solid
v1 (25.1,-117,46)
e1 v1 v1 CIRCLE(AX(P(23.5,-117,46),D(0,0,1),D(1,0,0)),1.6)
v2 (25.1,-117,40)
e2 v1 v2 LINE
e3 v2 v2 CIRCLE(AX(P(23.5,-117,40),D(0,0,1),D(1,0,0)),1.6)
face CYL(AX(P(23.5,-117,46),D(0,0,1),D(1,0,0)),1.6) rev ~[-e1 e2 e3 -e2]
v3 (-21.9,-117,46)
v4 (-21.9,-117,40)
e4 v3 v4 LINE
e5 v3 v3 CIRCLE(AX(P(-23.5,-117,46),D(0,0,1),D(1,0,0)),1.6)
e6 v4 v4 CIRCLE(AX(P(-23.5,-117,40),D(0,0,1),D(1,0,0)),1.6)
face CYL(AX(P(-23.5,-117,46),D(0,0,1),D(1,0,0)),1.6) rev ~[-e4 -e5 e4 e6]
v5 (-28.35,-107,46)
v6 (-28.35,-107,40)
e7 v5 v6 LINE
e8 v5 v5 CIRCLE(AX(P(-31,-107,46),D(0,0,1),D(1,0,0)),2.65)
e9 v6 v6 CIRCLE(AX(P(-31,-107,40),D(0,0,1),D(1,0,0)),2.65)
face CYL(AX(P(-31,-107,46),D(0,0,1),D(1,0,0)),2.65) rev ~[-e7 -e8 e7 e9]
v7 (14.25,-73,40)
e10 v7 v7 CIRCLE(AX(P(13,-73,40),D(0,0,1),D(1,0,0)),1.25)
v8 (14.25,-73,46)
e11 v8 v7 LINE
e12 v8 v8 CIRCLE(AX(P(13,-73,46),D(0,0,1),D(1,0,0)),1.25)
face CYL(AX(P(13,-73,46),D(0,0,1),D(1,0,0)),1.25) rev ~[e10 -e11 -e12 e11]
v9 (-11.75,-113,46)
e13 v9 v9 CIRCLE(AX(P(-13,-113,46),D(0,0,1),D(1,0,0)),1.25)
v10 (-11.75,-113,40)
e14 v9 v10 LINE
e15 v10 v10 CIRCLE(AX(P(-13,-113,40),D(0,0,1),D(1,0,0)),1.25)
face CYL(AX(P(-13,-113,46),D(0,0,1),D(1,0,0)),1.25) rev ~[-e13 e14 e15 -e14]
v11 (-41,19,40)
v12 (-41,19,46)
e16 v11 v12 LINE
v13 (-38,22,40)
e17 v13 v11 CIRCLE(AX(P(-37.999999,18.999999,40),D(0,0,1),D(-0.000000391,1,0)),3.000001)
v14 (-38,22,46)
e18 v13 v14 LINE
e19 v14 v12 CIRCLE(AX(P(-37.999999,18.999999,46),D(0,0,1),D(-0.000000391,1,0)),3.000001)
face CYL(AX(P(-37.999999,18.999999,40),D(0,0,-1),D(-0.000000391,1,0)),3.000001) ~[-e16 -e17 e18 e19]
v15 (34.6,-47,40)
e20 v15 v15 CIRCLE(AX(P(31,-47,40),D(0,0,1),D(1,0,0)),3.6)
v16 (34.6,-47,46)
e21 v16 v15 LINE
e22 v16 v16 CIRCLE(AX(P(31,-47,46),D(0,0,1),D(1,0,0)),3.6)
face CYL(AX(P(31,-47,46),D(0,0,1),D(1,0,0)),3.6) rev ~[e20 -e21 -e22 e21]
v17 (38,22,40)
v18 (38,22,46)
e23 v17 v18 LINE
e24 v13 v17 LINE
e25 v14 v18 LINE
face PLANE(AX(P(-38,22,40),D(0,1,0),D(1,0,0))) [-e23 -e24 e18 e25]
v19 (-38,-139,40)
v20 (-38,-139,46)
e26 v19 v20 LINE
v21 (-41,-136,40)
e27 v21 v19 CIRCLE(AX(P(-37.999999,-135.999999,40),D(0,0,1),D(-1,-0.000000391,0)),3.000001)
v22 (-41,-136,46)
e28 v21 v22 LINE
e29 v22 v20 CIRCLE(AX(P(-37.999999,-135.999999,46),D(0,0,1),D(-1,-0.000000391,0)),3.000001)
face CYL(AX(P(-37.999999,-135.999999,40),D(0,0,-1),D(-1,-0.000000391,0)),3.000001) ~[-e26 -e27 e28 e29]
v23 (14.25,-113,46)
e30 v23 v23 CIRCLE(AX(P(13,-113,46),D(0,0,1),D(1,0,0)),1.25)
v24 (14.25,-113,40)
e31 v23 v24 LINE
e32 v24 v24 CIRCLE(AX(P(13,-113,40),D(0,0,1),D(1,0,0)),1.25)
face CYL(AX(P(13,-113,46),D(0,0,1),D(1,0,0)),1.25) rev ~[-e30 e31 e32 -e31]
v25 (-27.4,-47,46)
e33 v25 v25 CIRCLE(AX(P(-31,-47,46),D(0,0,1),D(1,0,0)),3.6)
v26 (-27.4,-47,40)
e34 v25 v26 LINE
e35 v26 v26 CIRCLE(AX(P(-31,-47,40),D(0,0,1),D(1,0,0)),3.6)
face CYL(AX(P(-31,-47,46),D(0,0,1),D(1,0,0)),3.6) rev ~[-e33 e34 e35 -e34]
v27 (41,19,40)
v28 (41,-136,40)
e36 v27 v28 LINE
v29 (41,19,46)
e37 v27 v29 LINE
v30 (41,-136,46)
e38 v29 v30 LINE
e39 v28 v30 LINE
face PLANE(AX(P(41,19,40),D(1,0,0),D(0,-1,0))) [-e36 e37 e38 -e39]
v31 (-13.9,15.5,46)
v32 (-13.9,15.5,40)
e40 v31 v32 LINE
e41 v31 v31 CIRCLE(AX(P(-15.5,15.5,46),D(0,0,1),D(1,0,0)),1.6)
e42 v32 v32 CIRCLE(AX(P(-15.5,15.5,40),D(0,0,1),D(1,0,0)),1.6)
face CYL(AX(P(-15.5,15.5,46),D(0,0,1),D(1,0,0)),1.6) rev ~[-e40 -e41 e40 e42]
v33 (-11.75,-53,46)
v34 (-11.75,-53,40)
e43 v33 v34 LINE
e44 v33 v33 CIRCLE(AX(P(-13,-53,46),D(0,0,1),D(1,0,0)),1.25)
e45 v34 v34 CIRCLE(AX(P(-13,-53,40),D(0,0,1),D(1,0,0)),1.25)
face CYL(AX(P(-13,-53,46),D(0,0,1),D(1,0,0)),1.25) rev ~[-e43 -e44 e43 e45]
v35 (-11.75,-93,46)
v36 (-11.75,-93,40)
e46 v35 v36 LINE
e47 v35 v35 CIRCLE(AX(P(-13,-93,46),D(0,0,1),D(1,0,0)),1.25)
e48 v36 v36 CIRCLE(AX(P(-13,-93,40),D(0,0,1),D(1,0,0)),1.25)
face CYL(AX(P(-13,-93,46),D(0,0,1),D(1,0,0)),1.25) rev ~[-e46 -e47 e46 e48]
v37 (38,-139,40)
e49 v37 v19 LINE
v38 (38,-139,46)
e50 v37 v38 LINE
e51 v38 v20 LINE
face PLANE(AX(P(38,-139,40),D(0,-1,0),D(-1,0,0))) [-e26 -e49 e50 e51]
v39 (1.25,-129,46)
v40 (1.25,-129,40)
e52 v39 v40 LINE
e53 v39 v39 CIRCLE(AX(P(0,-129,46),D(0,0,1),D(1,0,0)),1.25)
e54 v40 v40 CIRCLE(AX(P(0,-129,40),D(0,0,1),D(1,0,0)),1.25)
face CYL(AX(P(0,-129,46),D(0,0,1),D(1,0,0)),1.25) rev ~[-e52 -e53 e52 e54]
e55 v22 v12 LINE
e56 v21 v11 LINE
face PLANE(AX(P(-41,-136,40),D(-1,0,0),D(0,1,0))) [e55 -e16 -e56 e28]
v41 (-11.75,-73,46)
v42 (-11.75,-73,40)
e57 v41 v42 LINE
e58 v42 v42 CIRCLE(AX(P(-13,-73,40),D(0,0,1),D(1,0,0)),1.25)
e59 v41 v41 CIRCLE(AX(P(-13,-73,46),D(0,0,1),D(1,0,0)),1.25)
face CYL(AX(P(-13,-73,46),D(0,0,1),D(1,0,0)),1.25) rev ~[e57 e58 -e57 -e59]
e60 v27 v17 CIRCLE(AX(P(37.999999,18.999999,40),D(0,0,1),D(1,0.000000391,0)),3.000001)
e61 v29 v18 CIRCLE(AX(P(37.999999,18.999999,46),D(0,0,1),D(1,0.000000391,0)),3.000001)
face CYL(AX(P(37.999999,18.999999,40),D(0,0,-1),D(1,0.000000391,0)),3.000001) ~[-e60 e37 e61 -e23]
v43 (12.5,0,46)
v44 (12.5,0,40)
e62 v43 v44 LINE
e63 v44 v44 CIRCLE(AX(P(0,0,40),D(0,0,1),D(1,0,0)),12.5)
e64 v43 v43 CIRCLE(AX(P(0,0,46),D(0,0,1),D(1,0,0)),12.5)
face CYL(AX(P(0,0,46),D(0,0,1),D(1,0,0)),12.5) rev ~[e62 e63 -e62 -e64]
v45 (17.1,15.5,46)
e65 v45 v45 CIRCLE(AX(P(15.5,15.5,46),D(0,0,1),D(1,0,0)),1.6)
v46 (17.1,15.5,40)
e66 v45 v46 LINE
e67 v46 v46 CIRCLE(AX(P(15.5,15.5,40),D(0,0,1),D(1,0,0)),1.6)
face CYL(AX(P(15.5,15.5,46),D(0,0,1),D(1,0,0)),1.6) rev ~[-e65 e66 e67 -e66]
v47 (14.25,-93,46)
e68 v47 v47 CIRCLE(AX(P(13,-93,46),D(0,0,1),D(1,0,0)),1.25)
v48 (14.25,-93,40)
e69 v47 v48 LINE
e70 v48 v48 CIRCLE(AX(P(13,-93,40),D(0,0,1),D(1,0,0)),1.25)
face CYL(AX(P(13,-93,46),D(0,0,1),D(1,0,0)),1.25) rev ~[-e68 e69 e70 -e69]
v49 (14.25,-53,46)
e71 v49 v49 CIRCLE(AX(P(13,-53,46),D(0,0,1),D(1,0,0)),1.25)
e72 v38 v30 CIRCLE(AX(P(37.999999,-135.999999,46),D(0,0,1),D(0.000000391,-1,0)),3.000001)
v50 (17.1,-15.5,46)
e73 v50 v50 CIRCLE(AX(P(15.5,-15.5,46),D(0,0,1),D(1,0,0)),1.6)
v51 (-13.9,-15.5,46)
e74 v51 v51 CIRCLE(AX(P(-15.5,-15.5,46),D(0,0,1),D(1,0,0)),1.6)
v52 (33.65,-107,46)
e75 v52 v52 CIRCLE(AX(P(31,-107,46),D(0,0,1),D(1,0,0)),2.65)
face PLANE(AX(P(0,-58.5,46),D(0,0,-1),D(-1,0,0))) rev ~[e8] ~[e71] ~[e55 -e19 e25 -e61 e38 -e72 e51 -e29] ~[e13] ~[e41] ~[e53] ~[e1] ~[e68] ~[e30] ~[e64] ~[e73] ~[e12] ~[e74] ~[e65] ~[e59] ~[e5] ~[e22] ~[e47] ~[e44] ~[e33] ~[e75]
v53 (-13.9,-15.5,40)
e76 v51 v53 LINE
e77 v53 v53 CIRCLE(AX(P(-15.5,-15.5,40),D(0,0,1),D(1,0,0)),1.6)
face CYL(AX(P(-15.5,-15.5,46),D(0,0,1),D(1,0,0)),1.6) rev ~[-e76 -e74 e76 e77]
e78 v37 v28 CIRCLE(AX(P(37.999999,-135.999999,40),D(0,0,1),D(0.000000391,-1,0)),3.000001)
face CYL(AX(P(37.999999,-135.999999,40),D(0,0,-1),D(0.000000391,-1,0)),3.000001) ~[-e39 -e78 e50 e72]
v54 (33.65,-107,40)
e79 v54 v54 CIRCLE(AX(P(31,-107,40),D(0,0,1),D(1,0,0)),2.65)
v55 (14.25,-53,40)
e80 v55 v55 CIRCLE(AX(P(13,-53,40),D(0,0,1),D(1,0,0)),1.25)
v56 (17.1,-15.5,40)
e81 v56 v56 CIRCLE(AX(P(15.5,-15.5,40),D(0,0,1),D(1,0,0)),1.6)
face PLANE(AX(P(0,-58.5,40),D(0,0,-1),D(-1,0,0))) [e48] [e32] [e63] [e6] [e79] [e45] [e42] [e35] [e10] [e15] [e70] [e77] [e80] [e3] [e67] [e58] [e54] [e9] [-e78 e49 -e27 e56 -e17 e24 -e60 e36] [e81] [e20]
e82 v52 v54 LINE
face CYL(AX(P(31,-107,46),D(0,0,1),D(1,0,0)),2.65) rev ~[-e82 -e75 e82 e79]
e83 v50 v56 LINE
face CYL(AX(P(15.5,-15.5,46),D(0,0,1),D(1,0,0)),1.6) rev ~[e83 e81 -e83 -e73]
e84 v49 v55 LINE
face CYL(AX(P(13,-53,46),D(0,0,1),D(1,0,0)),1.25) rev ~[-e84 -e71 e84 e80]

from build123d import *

# Parameters (mm, degrees)
PAD009_DEPTH    = 6
SKETCH051_R     = 1.6
HOLE023_DEPTH   = 25
SKETCH052_R     = 12.5
POCKET005_DEPTH = 6.001
SKETCH057_R     = 1.25
HOLE024_DEPTH   = 25
SKETCH054_R     = 1.25
HOLE025_DEPTH   = 25
SKETCH058_R     = 3.6
HOLE026_DEPTH   = 25
SKETCH056_R     = 2.65
HOLE027_DEPTH   = 25
SKETCH062_R     = 1.6
HOLE031_DEPTH   = 25


with BuildPart() as part:
    # Sketch059 → Pad009 (new body)
    with BuildSketch(Plane.XY):
        with BuildLine():
            Line((-38, 22), (38, 22))
            ThreePointArc((41, 19), (40.12132, 21.12132), (38, 22))
            Line((41, 19), (41, -136))
            ThreePointArc((38, -139), (40.12132, -138.12132), (41, -136))
            Line((38, -139), (-38, -139))
            ThreePointArc((-41, -136), (-40.12132, -138.12132), (-38, -139))
            Line((-41, -136), (-41, 19))
            ThreePointArc((-38, 22), (-40.12132, 21.12132), (-41, 19))
        make_face()
    extrude(amount=PAD009_DEPTH)

    # Sketch051 (on Face10 of Pad009) → Hole023 (cut)
    with BuildSketch(Plane.XY.offset(6)):
        with Locations((-15.5, 15.5)):
            Circle(SKETCH051_R)
        with Locations((15.5, 15.5)):
            Circle(SKETCH051_R)
        with Locations((-15.5, -15.5)):
            Circle(SKETCH051_R)
        with Locations((15.5, -15.5)):
            Circle(SKETCH051_R)
    extrude(amount=-HOLE023_DEPTH, mode=Mode.SUBTRACT)

    # Sketch052 (on Face5 of Hole023) → Pocket005 (cut, through all)
    with BuildSketch(Plane.XY.offset(6)):
        Circle(SKETCH052_R)
    extrude(amount=-POCKET005_DEPTH, mode=Mode.SUBTRACT)

    # Sketch057 (on Face5 of Pocket005) → Hole024 (cut)
    with BuildSketch(Plane.XY.offset(6)):
        with Locations((-13, -53)):
            Circle(SKETCH057_R)
        with Locations((-13, -73)):
            Circle(SKETCH057_R)
        with Locations((-13, -93)):
            Circle(SKETCH057_R)
        with Locations((-13, -113)):
            Circle(SKETCH057_R)
        with Locations((13, -53)):
            Circle(SKETCH057_R)
        with Locations((13, -73)):
            Circle(SKETCH057_R)
        with Locations((13, -93)):
            Circle(SKETCH057_R)
        with Locations((13, -113)):
            Circle(SKETCH057_R)
    extrude(amount=-HOLE024_DEPTH, mode=Mode.SUBTRACT)

    # Sketch054 (on Face5 of Hole024) → Hole025 (cut)
    with BuildSketch(Plane.XY.offset(6)):
        with Locations((0, -129)):
            Circle(SKETCH054_R)
    extrude(amount=-HOLE025_DEPTH, mode=Mode.SUBTRACT)

    # Sketch058 (on Face5 of Hole025) → Hole026 (cut)
    with BuildSketch(Plane.XY.offset(6)):
        with Locations((-31, -47)):
            Circle(SKETCH058_R)
        with Locations((31, -47)):
            Circle(SKETCH058_R)
    extrude(amount=-HOLE026_DEPTH, mode=Mode.SUBTRACT)

    # Sketch056 (on Face5 of Hole026) → Hole027 (cut)
    with BuildSketch(Plane.XY.offset(6)):
        with Locations((-31, -107)):
            Circle(SKETCH056_R)
        with Locations((31, -107)):
            Circle(SKETCH056_R)
    extrude(amount=-HOLE027_DEPTH, mode=Mode.SUBTRACT)

    # Sketch062 (on Face5 of Hole027) → Hole031 (cut)
    with BuildSketch(Plane.XY.offset(6)):
        with Locations((-23.5, -117)):
            Circle(SKETCH062_R)
        with Locations((23.5, -117)):
            Circle(SKETCH062_R)
    extrude(amount=-HOLE031_DEPTH, mode=Mode.SUBTRACT)


with BuildPart() as part_1:
    # Body019 placement: moved
    add(part.part.moved(Location((0, 0, 40))))


solid = part_1.part
